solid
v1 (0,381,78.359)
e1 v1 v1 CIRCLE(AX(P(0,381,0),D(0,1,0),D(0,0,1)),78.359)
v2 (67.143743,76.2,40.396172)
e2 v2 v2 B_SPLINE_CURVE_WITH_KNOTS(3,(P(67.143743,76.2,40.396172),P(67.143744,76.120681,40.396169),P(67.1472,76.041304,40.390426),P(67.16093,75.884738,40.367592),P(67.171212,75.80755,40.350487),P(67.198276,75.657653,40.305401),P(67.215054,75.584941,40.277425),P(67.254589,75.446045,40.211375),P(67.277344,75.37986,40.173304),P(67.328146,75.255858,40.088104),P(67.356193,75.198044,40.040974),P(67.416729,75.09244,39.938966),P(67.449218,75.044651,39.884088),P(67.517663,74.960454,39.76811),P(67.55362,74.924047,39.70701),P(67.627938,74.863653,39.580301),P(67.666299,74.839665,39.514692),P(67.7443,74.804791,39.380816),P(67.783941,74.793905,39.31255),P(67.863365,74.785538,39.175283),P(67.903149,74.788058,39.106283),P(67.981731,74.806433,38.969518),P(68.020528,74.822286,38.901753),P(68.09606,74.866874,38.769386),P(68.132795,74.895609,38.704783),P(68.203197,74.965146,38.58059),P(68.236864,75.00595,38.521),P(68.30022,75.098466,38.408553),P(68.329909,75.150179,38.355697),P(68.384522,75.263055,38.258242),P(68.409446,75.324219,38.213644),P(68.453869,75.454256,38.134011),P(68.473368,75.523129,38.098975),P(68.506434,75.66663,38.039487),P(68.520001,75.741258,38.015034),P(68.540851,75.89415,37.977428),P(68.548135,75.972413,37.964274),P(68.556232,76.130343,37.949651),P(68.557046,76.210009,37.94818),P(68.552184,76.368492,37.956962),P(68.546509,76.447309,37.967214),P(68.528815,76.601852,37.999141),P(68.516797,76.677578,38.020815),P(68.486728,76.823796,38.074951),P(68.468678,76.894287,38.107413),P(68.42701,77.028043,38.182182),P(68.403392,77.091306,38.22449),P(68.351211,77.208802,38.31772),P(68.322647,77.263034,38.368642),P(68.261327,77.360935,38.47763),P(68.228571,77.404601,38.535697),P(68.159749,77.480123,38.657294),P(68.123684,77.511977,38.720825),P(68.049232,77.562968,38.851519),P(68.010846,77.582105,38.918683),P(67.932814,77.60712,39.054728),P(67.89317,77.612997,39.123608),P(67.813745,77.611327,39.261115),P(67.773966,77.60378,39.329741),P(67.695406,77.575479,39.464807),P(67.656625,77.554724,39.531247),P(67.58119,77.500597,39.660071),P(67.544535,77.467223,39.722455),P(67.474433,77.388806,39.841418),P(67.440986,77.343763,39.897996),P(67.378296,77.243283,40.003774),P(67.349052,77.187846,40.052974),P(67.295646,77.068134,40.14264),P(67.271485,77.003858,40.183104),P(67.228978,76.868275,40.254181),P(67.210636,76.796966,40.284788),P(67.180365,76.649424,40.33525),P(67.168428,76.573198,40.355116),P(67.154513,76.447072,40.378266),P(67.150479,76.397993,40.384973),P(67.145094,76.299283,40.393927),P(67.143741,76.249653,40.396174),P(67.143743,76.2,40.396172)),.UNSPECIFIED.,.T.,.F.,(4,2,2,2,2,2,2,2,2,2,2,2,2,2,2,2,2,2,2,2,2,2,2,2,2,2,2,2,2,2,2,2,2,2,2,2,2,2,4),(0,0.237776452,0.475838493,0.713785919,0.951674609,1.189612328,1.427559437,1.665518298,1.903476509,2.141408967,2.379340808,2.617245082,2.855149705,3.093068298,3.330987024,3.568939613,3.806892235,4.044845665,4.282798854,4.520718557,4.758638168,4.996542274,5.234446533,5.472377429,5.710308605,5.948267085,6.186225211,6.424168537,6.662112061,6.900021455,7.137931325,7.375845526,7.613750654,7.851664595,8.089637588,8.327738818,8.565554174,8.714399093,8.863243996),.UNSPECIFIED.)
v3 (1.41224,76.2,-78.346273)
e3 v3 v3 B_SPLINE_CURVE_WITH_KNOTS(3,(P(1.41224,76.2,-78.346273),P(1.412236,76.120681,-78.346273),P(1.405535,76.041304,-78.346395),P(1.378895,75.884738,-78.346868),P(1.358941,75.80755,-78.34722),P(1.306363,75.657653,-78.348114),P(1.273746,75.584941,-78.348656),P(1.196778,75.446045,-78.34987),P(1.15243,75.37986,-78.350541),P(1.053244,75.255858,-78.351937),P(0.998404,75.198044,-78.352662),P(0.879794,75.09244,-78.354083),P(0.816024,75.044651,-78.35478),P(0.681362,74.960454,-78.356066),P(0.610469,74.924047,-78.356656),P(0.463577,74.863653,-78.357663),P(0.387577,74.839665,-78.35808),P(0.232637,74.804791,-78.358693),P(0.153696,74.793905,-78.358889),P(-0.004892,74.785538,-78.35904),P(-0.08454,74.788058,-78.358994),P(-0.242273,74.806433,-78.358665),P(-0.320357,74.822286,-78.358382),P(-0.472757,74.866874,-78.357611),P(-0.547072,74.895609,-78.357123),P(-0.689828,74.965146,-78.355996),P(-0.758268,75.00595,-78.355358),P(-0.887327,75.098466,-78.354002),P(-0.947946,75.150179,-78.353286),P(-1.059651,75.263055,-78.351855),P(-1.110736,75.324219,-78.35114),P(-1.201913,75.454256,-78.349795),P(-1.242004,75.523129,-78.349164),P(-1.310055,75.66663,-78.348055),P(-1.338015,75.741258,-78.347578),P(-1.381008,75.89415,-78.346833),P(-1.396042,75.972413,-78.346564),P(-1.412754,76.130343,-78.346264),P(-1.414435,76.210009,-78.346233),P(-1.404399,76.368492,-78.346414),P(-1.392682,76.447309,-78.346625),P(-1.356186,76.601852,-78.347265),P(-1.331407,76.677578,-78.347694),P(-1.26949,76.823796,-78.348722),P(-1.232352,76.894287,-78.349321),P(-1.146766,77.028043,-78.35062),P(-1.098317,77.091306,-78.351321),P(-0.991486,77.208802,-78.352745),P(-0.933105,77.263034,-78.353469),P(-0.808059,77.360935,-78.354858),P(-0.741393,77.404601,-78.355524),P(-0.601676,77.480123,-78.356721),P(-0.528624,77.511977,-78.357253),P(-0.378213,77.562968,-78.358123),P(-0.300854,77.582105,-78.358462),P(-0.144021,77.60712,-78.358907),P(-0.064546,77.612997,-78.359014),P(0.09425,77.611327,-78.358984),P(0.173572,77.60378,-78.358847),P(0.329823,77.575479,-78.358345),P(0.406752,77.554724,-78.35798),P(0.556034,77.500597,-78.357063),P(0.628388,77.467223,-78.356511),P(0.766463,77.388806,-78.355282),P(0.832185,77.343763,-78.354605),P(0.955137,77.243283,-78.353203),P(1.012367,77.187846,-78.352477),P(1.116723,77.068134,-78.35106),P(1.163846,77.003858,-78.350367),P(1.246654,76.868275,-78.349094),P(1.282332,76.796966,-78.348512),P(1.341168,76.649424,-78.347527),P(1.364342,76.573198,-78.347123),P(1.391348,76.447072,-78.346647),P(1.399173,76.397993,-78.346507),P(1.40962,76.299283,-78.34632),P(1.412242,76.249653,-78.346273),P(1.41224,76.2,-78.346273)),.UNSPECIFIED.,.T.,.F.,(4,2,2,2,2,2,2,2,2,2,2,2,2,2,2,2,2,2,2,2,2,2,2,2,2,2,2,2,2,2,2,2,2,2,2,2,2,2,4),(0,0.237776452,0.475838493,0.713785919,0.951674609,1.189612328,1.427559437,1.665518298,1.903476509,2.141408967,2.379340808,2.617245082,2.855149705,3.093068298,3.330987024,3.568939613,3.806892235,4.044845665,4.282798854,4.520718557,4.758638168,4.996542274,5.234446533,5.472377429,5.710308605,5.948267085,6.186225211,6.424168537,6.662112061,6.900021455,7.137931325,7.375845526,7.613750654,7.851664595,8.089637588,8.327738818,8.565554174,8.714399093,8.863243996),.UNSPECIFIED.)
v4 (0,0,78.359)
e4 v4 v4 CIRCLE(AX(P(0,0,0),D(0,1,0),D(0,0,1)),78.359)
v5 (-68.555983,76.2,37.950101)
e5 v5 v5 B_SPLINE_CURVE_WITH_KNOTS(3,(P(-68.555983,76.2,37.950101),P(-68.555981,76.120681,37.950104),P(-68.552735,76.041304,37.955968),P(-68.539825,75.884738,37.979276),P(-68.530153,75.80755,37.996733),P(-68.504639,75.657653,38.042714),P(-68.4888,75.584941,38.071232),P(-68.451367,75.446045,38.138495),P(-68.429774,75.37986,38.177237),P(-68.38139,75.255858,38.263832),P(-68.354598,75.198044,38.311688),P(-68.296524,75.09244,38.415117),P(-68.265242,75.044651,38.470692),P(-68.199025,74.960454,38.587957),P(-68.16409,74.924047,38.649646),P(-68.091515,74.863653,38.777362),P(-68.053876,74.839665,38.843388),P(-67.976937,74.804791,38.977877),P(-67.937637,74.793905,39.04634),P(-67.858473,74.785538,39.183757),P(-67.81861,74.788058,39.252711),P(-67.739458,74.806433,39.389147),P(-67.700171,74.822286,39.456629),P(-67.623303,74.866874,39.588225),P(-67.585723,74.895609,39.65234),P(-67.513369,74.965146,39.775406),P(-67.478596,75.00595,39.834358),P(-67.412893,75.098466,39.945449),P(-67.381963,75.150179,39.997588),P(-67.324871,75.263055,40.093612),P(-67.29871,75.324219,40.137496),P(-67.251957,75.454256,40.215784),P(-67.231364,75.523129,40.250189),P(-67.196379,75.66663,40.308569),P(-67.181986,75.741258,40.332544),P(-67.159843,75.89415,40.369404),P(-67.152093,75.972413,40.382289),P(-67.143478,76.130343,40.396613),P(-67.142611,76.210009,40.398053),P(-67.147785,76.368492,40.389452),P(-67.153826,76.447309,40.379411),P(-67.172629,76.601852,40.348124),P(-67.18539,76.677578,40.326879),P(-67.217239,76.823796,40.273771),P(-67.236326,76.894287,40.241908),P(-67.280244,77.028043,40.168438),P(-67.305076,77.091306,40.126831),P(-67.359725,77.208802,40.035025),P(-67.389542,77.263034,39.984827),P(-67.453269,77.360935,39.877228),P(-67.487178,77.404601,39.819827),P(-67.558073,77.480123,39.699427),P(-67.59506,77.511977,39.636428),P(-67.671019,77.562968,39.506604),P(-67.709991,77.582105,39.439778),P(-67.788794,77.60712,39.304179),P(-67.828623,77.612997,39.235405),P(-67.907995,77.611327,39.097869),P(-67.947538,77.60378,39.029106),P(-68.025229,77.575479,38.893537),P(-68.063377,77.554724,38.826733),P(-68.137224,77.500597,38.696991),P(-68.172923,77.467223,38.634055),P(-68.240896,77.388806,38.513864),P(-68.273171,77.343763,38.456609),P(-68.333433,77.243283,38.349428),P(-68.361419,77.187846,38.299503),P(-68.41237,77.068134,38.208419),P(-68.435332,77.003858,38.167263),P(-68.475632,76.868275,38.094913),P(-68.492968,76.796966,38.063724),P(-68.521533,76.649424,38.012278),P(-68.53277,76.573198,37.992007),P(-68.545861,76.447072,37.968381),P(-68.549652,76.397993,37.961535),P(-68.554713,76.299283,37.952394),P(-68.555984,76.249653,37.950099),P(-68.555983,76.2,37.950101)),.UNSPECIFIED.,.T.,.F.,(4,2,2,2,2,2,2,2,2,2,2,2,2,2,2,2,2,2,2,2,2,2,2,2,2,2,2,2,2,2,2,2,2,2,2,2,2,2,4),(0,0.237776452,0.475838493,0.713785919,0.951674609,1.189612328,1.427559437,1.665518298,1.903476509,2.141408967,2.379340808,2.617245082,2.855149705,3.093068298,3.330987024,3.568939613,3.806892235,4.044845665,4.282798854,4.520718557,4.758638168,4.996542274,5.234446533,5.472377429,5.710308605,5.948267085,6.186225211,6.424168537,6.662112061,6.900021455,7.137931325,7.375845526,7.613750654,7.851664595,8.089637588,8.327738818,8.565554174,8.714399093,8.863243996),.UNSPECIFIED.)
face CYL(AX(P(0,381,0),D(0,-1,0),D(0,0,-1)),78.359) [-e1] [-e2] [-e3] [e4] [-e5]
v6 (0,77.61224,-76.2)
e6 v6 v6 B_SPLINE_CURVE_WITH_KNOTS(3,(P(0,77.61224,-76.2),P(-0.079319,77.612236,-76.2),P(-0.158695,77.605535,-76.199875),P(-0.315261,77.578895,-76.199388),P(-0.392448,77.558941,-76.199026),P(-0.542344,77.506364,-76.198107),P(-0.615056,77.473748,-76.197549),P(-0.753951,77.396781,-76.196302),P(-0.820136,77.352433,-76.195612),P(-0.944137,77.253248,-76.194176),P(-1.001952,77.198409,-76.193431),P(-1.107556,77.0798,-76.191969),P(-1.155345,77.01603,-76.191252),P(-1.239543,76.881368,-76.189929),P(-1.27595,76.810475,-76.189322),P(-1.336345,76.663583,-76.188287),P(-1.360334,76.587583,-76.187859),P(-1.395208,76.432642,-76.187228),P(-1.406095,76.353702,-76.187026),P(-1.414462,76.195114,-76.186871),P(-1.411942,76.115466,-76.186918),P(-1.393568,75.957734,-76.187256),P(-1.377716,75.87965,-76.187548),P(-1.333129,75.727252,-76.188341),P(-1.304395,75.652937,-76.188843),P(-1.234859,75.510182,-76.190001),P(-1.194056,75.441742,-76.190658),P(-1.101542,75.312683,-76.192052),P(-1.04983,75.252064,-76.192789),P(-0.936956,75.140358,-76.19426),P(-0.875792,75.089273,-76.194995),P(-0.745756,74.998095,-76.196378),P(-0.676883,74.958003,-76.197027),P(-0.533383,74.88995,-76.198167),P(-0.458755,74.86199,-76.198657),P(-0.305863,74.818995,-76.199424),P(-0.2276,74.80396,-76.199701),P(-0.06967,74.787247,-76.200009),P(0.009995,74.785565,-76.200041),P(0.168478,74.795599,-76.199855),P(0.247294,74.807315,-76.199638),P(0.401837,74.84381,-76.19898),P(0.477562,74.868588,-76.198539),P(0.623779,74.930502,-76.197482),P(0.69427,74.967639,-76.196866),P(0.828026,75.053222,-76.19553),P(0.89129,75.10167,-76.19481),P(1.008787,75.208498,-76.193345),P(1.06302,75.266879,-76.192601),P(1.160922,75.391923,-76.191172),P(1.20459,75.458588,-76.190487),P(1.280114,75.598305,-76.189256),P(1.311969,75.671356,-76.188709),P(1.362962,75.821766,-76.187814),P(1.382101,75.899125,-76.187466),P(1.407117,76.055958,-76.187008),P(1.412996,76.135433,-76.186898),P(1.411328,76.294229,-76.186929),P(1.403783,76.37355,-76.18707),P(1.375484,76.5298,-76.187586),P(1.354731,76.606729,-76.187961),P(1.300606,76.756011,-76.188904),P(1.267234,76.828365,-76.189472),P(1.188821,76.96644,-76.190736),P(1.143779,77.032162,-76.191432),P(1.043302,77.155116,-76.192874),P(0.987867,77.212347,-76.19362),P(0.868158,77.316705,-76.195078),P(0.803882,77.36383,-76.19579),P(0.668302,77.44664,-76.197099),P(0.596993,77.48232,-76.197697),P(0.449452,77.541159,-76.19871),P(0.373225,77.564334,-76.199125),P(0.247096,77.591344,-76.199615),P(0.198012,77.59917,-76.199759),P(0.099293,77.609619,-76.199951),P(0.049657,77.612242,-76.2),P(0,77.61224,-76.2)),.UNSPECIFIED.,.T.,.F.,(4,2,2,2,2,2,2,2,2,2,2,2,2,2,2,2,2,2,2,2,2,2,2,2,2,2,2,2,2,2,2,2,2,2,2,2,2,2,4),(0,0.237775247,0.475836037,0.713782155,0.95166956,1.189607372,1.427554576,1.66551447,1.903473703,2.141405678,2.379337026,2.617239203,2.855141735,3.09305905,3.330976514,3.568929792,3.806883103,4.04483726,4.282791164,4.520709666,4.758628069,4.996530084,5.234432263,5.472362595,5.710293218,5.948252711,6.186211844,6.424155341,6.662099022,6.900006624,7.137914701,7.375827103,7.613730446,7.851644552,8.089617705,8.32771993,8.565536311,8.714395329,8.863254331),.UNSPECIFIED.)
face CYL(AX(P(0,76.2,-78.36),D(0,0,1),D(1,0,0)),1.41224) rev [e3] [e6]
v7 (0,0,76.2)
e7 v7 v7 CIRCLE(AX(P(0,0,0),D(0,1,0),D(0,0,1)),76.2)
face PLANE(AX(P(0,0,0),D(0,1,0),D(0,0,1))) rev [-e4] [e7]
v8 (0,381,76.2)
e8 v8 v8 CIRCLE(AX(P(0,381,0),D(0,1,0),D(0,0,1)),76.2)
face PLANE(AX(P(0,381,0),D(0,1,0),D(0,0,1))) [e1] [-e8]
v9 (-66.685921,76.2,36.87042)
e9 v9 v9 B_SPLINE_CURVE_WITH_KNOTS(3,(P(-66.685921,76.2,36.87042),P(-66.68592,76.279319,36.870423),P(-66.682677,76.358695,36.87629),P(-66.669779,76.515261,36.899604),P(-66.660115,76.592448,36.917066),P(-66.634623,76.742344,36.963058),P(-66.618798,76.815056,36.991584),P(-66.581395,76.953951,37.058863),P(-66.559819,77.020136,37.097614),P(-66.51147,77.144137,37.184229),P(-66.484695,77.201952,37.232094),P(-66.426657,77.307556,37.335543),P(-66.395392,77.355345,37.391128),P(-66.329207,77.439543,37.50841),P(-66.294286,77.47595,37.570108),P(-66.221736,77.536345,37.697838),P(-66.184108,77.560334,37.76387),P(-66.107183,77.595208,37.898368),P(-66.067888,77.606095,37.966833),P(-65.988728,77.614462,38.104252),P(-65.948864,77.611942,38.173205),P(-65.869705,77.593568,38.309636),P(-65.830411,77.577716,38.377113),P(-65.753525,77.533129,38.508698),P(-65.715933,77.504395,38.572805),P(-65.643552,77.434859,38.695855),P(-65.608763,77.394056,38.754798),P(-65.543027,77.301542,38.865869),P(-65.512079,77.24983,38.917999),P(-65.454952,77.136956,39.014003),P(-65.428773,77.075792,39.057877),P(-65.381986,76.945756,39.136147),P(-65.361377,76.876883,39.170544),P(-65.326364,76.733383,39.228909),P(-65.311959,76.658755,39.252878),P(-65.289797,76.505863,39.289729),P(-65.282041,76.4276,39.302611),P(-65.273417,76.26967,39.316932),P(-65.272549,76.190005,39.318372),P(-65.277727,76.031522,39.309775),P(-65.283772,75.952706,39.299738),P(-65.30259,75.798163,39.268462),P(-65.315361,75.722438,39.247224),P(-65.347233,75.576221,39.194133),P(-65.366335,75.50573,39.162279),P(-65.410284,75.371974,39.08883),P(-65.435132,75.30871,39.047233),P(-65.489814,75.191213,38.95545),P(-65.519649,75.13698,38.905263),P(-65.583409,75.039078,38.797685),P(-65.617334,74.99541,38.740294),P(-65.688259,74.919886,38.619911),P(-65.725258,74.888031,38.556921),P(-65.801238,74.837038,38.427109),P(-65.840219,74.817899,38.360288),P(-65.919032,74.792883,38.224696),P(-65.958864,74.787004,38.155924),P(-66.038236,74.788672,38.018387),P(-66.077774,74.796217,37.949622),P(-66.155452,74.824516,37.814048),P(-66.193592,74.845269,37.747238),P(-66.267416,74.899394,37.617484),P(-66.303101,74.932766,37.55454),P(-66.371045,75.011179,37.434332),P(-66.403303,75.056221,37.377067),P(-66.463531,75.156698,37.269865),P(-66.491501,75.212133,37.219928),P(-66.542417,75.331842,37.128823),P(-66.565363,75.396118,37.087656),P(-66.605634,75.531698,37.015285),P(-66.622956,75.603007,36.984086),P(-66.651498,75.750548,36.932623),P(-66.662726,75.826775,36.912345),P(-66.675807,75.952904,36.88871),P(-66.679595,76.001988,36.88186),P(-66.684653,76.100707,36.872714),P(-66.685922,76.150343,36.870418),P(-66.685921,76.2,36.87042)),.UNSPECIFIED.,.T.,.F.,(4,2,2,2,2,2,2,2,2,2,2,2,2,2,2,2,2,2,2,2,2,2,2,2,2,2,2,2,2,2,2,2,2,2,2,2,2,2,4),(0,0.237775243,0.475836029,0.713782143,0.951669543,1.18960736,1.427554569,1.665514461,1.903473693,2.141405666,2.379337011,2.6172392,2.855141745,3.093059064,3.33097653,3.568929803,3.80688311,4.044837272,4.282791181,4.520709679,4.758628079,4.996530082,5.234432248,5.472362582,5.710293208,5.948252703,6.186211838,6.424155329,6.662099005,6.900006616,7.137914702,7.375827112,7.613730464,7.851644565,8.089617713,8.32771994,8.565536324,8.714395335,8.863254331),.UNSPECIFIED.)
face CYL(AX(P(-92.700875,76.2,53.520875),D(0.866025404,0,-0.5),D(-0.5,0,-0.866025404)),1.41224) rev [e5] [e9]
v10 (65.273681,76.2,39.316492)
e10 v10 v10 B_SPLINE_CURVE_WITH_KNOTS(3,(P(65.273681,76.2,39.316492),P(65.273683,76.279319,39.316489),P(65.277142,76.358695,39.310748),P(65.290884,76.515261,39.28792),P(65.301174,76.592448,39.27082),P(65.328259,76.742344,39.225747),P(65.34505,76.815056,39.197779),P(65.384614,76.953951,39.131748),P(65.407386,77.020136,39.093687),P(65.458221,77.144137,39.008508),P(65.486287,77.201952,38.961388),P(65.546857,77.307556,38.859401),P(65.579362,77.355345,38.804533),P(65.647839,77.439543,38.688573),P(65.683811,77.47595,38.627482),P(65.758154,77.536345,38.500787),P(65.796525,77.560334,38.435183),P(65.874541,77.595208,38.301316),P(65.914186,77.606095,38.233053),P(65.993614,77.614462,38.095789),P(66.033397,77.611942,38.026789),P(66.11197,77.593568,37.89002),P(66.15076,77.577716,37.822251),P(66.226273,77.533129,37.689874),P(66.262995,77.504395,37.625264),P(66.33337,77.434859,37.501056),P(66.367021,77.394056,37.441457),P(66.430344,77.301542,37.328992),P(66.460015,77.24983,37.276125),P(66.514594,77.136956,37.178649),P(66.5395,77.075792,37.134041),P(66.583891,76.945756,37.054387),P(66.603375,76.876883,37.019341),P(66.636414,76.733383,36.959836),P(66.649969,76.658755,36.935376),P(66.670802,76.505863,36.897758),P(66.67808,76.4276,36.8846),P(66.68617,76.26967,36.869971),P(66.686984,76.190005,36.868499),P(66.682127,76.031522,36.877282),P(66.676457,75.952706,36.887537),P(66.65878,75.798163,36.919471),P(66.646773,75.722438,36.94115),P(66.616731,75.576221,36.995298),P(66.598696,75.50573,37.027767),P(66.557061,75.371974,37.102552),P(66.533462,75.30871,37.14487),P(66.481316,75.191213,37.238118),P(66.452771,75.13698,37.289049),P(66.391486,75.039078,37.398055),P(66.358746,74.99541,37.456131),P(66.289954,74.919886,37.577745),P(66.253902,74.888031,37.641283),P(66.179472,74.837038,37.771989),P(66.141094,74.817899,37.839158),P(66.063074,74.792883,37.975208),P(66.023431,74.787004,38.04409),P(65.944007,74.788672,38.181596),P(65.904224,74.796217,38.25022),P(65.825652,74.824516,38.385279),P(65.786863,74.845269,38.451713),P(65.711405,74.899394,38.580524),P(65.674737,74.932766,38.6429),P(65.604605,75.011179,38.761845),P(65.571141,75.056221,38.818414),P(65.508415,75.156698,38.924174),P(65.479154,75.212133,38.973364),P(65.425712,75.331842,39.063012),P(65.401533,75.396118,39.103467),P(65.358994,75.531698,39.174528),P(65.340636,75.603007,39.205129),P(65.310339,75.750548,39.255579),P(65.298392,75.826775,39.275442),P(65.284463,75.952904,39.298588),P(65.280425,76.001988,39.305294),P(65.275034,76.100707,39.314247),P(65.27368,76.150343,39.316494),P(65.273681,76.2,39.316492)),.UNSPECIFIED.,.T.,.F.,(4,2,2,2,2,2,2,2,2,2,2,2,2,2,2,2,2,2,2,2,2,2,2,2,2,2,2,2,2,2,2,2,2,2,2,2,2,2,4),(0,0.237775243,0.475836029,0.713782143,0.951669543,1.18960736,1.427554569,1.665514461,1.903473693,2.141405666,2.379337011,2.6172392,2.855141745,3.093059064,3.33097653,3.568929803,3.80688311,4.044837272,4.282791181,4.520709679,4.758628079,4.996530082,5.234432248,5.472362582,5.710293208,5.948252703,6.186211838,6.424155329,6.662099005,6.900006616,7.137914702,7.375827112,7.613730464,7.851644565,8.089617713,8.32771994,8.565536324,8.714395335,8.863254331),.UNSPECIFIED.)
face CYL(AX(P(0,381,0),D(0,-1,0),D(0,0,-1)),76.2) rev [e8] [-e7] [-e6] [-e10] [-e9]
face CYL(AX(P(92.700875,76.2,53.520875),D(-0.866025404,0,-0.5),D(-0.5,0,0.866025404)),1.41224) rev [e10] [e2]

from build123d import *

# Parameters (mm, degrees)
SKETCH1_R               = 78.359
SKETCH1_R_2             = 76.2
BOSS_EXTRUDE1_DEPTH     = 381
CUT_EXTRUDE1_REACH      = 398.789
CUT_EXTRUDE1_END_RADIUS = 78.359
SKETCH2_R               = 1.41224
CIRPATTERN1_COUNT       = 3


with BuildPart() as part:
    # Sketch1 → Boss-Extrude1 (new body)
    with BuildSketch(Plane(origin=(0, 0, 0), x_dir=(1, 0, 0), z_dir=(0, 1, 0))):
        with Locations(Location((0, 0, 0), (0, 0, 270))):
            Circle(SKETCH1_R)
        with Locations(Location((0, 0, 0), (0, 0, 270))):
            Circle(SKETCH1_R_2, mode=Mode.SUBTRACT)
    extrude(amount=BOSS_EXTRUDE1_DEPTH)

    # Cut-Extrude1: up to this cylinder (the profile starts inside it)
    cut_extrude1_end = Plane(origin=(0, 76.2, 0), z_dir=(0, -1, 0)) * Cylinder(CUT_EXTRUDE1_END_RADIUS, 955.296, mode=Mode.PRIVATE)
    # Sketch2 → Cut-Extrude1 (cut, up to the surface)
    with BuildSketch(Plane.XY, mode=Mode.PRIVATE) as cut_extrude1_sk1:
        with Locations((0, 76.2)):
            Circle(SKETCH2_R)
    cut_extrude1_tool1 = extrude(cut_extrude1_sk1.sketch, amount=-CUT_EXTRUDE1_REACH, mode=Mode.PRIVATE) & cut_extrude1_end
    cut_extrude1 = cut_extrude1_tool1.solids().sort_by_distance((0, 76.2, 0))[0]
    add(cut_extrude1, mode=Mode.SUBTRACT)

    # CirPattern1: Cut-Extrude1 ×3 about axis
    cirpattern1_axis = Axis((0, 0, 0), (0, 1, 0))
    for i in range(1, CIRPATTERN1_COUNT):
        add(cut_extrude1.rotate(cirpattern1_axis, i * 360 / CIRPATTERN1_COUNT), mode=Mode.SUBTRACT)


solid = part.part
